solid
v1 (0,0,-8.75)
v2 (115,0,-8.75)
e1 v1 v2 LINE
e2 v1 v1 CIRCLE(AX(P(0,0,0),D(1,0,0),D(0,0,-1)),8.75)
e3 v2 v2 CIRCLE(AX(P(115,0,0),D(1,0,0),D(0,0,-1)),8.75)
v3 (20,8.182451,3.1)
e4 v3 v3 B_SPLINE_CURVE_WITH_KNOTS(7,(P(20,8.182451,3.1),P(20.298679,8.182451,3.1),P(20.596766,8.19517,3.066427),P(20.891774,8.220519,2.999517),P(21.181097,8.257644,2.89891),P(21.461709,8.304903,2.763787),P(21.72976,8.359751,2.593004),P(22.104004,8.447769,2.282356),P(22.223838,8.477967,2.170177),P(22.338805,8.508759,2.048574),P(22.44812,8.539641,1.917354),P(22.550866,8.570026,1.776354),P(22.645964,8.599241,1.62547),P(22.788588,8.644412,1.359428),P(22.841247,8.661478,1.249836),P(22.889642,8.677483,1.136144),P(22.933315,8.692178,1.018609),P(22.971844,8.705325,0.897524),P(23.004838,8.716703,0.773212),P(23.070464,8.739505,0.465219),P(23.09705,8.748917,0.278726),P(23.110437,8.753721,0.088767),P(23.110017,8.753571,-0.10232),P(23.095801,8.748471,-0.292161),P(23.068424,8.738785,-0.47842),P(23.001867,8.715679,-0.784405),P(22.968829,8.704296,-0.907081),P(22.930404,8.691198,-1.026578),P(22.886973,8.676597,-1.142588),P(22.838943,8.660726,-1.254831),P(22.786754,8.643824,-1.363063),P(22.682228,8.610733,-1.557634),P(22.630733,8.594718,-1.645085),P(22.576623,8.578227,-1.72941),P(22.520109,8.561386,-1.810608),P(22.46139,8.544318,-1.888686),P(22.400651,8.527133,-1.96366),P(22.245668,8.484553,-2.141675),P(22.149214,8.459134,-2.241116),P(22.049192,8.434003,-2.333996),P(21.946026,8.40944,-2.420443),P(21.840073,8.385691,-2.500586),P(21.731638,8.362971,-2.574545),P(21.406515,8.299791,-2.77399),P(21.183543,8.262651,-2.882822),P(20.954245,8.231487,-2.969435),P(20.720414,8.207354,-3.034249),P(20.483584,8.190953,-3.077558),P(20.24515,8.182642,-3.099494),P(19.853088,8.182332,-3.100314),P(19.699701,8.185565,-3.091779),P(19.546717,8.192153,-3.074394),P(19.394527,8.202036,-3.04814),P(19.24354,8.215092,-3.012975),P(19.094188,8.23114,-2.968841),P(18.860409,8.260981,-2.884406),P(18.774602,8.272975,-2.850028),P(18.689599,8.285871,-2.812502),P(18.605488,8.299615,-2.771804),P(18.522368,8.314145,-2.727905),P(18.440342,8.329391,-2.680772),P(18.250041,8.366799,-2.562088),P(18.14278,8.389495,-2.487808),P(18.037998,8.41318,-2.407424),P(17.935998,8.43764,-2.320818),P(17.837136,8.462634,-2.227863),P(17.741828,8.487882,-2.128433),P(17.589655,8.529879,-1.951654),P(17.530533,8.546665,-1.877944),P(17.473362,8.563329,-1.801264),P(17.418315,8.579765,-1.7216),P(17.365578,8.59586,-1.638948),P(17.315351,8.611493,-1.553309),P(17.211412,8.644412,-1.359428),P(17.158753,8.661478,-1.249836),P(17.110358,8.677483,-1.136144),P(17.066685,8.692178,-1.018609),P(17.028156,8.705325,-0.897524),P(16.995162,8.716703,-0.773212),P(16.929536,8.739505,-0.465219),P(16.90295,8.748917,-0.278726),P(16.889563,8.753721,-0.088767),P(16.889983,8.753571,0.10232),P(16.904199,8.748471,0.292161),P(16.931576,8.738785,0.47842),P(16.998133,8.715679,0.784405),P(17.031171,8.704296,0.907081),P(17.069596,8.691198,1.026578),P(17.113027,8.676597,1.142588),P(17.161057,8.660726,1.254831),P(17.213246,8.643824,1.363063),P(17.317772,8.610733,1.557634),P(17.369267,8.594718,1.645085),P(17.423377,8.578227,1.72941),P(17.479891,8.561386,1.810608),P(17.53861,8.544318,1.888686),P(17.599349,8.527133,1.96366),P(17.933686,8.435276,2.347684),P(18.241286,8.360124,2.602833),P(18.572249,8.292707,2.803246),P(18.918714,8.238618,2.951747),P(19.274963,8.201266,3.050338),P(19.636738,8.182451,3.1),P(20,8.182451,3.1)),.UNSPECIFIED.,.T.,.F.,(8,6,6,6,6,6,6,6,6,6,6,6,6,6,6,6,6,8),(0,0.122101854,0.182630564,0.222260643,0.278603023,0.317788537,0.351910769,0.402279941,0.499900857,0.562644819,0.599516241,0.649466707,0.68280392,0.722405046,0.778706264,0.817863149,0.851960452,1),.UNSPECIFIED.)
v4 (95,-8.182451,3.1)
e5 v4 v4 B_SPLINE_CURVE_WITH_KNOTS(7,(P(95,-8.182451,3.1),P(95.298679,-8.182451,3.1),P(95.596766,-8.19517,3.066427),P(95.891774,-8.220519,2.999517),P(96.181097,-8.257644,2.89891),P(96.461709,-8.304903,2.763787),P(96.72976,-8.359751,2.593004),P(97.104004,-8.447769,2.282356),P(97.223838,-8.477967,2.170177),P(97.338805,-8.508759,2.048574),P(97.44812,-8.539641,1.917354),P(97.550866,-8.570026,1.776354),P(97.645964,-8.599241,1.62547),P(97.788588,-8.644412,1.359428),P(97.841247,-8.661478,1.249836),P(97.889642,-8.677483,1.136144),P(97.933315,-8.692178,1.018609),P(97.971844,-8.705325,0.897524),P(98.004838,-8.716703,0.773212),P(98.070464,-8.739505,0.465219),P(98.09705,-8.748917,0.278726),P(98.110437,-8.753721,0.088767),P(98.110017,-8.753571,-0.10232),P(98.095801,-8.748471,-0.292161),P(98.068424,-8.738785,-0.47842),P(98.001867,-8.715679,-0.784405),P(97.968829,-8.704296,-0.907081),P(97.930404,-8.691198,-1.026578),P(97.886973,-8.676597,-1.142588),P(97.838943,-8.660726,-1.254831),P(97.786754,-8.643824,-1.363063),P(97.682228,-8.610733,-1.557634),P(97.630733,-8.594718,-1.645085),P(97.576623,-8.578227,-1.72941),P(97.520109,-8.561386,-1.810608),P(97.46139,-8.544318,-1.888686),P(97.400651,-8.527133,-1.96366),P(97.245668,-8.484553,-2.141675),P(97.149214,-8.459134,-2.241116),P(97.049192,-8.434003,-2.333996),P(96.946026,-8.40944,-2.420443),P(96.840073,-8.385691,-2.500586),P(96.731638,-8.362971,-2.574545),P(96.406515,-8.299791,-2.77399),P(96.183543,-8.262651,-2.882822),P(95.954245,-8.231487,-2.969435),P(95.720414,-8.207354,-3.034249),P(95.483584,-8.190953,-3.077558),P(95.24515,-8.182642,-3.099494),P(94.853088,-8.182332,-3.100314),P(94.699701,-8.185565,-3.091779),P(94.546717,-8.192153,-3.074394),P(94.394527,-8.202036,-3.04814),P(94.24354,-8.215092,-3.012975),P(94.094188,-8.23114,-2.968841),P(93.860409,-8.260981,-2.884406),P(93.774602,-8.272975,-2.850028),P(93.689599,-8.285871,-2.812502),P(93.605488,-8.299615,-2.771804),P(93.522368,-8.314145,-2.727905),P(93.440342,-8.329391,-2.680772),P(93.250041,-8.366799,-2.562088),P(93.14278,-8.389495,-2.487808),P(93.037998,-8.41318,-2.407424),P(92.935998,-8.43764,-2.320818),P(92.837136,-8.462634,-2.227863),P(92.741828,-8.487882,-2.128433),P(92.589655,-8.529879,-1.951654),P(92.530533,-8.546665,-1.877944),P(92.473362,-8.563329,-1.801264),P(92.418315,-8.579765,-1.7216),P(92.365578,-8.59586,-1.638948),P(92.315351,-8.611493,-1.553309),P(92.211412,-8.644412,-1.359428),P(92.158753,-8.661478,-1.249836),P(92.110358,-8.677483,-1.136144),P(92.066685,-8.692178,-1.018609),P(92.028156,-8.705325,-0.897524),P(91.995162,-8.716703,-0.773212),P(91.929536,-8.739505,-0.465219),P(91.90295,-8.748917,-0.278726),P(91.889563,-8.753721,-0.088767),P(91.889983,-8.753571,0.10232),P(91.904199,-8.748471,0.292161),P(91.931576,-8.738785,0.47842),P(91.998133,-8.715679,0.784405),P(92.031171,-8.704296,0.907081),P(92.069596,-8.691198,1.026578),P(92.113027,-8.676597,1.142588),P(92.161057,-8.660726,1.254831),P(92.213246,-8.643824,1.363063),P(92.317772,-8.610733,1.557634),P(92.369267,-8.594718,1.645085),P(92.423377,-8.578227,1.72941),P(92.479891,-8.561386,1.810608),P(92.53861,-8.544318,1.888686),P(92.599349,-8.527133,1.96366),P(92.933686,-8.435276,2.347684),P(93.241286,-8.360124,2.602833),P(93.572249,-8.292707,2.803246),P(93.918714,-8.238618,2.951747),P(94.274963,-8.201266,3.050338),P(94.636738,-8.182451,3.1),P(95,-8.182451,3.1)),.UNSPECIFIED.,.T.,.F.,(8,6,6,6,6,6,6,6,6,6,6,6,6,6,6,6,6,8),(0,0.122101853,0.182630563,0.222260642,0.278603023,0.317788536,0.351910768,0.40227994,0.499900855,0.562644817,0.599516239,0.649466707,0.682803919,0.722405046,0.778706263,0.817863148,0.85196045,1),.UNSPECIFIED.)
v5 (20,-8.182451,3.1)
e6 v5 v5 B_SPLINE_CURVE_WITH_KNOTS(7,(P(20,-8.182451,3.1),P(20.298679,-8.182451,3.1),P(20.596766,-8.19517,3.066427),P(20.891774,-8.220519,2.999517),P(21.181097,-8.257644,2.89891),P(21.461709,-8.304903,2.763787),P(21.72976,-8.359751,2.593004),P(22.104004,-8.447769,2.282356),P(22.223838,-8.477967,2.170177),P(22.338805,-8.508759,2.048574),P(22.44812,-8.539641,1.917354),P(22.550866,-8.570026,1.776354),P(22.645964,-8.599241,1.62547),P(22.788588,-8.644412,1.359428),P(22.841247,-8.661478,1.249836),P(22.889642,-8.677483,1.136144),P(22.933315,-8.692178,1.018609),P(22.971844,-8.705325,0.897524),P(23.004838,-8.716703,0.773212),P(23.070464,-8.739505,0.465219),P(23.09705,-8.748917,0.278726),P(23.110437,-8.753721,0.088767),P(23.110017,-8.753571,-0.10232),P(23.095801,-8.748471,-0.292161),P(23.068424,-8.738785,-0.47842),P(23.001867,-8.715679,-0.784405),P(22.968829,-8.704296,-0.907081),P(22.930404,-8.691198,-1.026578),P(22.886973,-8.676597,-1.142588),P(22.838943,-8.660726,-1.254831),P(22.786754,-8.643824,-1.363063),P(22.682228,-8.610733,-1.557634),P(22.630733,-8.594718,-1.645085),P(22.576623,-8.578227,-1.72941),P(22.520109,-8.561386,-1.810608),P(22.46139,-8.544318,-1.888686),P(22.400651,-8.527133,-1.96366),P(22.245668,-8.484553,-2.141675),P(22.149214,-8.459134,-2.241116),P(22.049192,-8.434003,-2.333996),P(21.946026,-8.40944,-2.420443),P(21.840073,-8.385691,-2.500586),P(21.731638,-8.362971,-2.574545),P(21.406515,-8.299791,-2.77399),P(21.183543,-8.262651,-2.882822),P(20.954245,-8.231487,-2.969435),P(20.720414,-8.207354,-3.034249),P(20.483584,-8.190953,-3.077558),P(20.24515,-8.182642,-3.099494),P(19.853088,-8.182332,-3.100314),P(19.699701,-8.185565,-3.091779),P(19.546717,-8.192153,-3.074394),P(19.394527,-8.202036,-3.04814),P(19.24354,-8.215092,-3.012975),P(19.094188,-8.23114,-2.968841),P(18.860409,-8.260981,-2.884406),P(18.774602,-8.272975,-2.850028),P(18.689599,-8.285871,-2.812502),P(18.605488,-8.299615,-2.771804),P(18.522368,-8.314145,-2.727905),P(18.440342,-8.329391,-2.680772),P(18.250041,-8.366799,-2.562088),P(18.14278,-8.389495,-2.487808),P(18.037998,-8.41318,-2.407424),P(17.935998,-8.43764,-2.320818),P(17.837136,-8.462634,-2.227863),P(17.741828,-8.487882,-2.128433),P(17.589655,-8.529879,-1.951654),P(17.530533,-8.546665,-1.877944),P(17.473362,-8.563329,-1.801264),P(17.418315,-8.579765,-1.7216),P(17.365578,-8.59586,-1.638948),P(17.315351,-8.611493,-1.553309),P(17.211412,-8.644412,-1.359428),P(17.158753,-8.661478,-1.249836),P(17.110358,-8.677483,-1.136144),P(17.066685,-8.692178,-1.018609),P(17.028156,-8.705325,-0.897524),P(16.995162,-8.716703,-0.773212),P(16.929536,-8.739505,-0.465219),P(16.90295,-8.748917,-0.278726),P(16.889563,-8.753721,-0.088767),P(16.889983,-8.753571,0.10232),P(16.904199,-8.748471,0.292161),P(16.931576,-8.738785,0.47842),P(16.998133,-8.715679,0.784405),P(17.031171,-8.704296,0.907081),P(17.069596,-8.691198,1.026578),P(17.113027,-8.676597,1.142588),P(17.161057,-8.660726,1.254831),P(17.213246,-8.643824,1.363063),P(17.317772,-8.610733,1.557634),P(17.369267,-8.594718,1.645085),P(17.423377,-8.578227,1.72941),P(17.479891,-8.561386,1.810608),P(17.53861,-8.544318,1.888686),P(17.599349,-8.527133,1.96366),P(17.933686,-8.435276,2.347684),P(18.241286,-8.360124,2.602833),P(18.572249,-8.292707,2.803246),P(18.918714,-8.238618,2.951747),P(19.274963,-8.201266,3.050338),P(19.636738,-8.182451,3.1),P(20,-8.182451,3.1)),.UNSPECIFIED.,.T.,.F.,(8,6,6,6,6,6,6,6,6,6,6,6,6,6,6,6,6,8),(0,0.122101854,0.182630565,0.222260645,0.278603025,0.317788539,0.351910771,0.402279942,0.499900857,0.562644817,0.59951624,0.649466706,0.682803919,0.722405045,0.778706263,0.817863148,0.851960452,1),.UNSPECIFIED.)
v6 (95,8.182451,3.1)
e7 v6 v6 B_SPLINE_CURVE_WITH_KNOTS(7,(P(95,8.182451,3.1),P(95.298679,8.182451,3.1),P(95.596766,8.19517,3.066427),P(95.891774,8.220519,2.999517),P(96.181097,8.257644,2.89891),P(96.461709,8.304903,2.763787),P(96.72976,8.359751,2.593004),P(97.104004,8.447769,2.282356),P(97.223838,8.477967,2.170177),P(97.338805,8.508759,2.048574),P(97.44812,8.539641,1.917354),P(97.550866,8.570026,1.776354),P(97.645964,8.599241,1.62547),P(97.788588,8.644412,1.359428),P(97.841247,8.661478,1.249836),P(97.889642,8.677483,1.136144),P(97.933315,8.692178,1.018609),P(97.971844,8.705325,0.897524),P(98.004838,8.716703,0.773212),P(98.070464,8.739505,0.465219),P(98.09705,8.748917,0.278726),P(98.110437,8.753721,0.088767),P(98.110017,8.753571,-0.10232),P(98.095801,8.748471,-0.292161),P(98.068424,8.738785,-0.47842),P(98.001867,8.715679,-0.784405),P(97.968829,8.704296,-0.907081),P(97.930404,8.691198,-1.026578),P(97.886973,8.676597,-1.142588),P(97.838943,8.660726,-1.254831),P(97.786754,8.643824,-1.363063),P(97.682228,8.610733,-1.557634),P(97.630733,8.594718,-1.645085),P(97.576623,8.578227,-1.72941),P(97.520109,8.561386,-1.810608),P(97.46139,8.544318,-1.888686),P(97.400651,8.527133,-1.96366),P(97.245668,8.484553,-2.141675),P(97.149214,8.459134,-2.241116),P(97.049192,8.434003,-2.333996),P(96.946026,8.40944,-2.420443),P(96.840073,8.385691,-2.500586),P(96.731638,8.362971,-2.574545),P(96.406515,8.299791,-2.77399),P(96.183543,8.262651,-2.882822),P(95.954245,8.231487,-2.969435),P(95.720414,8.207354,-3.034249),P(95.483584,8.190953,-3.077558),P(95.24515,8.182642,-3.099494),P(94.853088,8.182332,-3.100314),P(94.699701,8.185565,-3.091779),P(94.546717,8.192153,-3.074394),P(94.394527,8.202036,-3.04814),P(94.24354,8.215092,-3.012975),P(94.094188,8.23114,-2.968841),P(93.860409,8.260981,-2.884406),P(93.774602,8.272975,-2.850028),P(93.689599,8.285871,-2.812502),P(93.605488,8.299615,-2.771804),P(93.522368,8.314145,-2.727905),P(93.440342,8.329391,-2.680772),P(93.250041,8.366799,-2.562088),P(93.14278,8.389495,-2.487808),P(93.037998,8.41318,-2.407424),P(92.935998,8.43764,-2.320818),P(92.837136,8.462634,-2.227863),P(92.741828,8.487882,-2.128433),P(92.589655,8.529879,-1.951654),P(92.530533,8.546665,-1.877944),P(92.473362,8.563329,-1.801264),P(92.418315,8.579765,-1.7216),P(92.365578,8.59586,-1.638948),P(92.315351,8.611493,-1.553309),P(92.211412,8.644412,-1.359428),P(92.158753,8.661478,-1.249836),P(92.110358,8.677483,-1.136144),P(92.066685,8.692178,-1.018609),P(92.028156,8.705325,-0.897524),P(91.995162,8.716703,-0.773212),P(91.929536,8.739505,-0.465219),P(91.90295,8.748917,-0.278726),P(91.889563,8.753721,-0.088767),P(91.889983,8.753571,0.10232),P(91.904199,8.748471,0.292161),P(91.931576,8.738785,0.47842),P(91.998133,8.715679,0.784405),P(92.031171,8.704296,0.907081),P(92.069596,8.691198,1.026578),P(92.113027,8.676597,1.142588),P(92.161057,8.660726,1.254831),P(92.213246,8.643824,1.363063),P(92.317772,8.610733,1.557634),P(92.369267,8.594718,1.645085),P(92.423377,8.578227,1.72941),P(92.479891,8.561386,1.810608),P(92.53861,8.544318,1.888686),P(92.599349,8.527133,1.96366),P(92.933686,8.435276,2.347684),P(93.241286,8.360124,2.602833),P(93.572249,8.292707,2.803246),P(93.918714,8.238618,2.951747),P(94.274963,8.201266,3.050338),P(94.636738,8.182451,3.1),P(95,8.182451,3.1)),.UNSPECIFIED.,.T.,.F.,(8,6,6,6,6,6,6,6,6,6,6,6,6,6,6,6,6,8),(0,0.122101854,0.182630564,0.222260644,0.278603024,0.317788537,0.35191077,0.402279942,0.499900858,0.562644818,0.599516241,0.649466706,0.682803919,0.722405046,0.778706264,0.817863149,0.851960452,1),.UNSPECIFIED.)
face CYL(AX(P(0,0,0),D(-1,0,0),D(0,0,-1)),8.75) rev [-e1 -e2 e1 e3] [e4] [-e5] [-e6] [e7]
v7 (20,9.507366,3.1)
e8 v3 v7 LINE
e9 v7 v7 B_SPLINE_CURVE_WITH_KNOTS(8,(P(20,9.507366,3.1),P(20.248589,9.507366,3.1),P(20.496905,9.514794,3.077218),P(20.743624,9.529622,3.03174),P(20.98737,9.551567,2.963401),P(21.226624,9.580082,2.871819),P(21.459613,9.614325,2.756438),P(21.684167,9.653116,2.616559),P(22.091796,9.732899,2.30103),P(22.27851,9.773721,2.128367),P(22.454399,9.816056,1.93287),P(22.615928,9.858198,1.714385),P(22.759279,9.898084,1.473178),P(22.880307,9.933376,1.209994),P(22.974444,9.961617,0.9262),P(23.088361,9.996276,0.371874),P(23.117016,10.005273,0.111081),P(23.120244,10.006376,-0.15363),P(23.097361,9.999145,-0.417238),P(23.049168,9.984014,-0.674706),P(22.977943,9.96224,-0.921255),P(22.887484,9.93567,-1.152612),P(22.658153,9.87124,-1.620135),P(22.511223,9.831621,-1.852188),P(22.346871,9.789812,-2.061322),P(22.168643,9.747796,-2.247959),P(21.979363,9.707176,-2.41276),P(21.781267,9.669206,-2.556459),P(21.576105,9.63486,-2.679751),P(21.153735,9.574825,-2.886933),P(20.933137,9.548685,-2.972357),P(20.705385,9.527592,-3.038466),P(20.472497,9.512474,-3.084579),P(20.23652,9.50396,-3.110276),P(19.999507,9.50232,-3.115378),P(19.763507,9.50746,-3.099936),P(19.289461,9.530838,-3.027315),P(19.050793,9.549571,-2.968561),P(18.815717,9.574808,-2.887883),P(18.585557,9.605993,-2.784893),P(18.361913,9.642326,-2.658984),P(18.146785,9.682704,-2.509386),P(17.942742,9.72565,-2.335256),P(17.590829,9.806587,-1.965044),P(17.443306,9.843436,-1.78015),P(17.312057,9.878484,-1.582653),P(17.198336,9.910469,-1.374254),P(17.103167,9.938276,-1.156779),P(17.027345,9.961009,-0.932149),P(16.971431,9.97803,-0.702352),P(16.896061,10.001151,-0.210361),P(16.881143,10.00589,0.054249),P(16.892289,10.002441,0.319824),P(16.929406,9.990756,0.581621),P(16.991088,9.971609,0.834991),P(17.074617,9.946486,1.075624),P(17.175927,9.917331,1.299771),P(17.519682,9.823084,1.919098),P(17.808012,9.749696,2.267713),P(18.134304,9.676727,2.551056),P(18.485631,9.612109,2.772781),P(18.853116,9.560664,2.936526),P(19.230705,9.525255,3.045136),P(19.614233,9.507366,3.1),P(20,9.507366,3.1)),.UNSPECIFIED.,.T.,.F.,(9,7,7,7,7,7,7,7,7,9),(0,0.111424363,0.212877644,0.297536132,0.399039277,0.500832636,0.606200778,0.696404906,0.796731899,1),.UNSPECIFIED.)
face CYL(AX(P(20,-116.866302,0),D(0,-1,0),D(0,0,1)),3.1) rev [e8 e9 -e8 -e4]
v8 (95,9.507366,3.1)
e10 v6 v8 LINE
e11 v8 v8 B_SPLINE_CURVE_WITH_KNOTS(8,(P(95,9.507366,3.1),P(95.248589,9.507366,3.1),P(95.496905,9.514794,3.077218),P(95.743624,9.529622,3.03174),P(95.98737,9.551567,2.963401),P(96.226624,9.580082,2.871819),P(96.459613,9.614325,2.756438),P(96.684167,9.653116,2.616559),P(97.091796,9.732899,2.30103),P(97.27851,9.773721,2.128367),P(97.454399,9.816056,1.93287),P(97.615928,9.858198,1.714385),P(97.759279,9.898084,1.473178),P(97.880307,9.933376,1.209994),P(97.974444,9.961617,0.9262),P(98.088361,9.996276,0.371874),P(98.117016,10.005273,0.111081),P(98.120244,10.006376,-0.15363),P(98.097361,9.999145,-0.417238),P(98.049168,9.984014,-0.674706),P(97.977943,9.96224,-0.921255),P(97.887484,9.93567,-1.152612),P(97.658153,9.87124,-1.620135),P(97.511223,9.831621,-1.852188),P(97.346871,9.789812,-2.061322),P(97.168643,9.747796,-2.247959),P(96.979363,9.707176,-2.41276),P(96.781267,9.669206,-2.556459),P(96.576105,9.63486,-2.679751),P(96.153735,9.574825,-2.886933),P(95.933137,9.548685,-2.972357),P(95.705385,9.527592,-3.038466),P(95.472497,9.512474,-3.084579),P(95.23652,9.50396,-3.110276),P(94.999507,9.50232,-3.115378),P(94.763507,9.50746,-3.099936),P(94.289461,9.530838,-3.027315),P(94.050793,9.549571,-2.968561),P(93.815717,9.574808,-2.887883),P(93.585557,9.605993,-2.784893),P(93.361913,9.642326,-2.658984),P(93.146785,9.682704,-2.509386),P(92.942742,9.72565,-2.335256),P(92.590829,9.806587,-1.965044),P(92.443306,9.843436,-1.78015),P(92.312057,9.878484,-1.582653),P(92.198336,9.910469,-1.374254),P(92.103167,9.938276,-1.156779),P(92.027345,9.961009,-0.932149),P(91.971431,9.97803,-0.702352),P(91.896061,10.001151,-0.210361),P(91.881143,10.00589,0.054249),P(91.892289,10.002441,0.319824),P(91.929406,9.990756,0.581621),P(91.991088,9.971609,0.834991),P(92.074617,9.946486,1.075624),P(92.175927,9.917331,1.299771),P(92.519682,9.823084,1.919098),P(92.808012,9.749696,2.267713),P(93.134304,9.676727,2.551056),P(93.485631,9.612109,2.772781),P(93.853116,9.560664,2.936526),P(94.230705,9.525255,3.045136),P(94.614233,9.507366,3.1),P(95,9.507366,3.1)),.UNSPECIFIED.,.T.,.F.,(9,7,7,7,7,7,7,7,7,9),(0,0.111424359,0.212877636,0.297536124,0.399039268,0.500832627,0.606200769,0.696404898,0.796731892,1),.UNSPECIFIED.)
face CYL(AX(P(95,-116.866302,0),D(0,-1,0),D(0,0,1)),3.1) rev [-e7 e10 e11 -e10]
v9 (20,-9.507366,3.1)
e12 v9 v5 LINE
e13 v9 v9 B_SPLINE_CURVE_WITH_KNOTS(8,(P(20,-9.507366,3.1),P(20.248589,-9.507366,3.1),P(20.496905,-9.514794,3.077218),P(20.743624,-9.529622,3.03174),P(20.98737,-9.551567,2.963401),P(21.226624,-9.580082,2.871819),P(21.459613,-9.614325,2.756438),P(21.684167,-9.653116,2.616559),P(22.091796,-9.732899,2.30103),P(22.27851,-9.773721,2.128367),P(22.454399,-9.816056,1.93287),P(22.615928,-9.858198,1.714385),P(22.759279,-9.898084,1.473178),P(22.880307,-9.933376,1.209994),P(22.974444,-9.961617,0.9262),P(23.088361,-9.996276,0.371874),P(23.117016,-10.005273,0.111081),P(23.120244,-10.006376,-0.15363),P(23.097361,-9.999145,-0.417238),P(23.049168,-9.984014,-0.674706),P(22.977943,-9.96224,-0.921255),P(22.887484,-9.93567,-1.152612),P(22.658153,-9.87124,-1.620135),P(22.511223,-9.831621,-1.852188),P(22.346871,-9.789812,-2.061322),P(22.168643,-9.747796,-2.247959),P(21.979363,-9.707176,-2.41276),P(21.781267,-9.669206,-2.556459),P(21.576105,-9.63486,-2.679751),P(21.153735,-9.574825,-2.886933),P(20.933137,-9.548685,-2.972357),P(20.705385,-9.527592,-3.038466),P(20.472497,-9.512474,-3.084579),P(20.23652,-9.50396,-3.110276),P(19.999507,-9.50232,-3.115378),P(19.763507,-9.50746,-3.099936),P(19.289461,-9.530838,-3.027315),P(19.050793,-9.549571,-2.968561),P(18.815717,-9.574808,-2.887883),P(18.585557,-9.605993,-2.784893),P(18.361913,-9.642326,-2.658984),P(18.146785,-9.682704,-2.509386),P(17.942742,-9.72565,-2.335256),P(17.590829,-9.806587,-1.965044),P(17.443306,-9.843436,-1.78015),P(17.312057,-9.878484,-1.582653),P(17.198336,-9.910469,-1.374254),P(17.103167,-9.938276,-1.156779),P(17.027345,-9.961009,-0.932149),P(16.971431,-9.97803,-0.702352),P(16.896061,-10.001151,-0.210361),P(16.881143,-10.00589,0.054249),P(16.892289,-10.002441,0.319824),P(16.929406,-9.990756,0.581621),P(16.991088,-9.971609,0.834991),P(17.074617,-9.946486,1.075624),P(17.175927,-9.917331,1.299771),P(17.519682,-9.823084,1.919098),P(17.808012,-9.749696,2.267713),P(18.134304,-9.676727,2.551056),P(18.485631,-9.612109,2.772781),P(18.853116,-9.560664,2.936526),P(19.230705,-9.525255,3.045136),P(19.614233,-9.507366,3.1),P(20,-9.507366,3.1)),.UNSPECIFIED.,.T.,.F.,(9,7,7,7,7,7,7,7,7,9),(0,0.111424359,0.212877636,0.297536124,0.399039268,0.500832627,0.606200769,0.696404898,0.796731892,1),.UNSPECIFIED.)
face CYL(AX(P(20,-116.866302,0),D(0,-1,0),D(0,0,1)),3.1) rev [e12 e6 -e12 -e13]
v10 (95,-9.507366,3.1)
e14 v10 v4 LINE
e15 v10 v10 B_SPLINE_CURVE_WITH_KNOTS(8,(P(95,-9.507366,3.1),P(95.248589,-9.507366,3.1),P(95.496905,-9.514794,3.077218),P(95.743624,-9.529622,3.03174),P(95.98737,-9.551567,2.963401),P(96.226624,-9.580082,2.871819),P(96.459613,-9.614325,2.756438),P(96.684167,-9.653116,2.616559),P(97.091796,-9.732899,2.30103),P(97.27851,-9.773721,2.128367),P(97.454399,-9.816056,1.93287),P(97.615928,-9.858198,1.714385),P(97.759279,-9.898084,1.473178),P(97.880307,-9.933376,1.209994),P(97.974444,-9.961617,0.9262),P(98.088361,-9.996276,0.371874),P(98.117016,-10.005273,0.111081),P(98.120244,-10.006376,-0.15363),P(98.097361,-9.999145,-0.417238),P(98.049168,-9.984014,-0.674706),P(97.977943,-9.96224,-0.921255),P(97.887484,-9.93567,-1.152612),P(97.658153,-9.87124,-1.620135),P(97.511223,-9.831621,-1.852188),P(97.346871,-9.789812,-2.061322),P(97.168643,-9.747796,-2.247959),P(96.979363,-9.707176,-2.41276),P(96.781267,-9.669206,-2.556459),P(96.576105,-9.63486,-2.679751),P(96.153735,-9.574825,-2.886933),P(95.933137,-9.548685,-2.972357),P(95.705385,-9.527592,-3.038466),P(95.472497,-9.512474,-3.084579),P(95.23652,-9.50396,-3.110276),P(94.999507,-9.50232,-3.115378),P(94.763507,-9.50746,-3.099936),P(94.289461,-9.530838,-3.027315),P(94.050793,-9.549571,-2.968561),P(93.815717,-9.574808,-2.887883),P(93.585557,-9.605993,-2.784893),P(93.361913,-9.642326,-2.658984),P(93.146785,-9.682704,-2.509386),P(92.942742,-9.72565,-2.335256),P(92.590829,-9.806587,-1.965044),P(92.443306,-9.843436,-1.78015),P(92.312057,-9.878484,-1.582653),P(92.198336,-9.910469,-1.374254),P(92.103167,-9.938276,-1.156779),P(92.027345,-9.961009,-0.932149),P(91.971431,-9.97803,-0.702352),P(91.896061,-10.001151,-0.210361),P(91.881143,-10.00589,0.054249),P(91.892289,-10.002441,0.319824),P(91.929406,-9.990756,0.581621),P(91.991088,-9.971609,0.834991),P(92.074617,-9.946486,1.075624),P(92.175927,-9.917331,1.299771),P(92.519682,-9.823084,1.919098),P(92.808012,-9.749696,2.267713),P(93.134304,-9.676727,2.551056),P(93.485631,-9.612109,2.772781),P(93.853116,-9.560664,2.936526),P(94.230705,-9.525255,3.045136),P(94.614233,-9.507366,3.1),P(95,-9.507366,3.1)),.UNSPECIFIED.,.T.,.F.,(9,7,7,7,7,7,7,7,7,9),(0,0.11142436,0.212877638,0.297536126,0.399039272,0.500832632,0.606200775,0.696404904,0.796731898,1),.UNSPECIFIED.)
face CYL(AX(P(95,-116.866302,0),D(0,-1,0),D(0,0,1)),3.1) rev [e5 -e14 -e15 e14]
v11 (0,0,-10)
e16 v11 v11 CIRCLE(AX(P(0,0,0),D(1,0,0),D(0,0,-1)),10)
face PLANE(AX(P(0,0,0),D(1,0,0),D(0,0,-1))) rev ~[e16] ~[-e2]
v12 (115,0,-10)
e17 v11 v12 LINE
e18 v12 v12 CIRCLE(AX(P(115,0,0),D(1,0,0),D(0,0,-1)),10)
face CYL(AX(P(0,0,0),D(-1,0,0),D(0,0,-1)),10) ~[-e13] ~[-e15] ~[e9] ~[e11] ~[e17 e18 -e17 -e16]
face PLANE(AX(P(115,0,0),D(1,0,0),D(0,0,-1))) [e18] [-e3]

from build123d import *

# Parameters (mm, degrees)
SKETCH_1_R               = 10
SKETCH_1_R_2             = 8.75
EXTRUDE_1_DEPTH          = 115
CUT_EXTRUDE_1_DEPTH      = 116.866302263
CUT_EXTRUDE_1_DEPTH_BACK = 116.866302263
SKETCH_2_R               = 3.1


with BuildPart() as part:
    # 草图1 → 凸台-拉伸1 (new body)
    with BuildSketch(Plane(origin=(0, 0, 0), x_dir=(0, 0, -1), z_dir=(1, 0, 0))):
        Circle(SKETCH_1_R)
        Circle(SKETCH_1_R_2, mode=Mode.SUBTRACT)
    extrude(amount=EXTRUDE_1_DEPTH)

    # 草图2 → 切除-拉伸1 (cut, two sides: drawn at the far end of the back side and taken through both)
    with BuildSketch(Plane(origin=(0, 0, 0), x_dir=(1, 0, 0), z_dir=(0, 1, 0)).offset(-CUT_EXTRUDE_1_DEPTH_BACK)):
        with Locations(Location((20, 0, 0), (0, 0, 270))):
            Circle(SKETCH_2_R)
        with Locations(Location((95, 0, 0), (0, 0, 270))):
            Circle(SKETCH_2_R)
    extrude(amount=CUT_EXTRUDE_1_DEPTH + CUT_EXTRUDE_1_DEPTH_BACK, mode=Mode.SUBTRACT)


solid = part.part
